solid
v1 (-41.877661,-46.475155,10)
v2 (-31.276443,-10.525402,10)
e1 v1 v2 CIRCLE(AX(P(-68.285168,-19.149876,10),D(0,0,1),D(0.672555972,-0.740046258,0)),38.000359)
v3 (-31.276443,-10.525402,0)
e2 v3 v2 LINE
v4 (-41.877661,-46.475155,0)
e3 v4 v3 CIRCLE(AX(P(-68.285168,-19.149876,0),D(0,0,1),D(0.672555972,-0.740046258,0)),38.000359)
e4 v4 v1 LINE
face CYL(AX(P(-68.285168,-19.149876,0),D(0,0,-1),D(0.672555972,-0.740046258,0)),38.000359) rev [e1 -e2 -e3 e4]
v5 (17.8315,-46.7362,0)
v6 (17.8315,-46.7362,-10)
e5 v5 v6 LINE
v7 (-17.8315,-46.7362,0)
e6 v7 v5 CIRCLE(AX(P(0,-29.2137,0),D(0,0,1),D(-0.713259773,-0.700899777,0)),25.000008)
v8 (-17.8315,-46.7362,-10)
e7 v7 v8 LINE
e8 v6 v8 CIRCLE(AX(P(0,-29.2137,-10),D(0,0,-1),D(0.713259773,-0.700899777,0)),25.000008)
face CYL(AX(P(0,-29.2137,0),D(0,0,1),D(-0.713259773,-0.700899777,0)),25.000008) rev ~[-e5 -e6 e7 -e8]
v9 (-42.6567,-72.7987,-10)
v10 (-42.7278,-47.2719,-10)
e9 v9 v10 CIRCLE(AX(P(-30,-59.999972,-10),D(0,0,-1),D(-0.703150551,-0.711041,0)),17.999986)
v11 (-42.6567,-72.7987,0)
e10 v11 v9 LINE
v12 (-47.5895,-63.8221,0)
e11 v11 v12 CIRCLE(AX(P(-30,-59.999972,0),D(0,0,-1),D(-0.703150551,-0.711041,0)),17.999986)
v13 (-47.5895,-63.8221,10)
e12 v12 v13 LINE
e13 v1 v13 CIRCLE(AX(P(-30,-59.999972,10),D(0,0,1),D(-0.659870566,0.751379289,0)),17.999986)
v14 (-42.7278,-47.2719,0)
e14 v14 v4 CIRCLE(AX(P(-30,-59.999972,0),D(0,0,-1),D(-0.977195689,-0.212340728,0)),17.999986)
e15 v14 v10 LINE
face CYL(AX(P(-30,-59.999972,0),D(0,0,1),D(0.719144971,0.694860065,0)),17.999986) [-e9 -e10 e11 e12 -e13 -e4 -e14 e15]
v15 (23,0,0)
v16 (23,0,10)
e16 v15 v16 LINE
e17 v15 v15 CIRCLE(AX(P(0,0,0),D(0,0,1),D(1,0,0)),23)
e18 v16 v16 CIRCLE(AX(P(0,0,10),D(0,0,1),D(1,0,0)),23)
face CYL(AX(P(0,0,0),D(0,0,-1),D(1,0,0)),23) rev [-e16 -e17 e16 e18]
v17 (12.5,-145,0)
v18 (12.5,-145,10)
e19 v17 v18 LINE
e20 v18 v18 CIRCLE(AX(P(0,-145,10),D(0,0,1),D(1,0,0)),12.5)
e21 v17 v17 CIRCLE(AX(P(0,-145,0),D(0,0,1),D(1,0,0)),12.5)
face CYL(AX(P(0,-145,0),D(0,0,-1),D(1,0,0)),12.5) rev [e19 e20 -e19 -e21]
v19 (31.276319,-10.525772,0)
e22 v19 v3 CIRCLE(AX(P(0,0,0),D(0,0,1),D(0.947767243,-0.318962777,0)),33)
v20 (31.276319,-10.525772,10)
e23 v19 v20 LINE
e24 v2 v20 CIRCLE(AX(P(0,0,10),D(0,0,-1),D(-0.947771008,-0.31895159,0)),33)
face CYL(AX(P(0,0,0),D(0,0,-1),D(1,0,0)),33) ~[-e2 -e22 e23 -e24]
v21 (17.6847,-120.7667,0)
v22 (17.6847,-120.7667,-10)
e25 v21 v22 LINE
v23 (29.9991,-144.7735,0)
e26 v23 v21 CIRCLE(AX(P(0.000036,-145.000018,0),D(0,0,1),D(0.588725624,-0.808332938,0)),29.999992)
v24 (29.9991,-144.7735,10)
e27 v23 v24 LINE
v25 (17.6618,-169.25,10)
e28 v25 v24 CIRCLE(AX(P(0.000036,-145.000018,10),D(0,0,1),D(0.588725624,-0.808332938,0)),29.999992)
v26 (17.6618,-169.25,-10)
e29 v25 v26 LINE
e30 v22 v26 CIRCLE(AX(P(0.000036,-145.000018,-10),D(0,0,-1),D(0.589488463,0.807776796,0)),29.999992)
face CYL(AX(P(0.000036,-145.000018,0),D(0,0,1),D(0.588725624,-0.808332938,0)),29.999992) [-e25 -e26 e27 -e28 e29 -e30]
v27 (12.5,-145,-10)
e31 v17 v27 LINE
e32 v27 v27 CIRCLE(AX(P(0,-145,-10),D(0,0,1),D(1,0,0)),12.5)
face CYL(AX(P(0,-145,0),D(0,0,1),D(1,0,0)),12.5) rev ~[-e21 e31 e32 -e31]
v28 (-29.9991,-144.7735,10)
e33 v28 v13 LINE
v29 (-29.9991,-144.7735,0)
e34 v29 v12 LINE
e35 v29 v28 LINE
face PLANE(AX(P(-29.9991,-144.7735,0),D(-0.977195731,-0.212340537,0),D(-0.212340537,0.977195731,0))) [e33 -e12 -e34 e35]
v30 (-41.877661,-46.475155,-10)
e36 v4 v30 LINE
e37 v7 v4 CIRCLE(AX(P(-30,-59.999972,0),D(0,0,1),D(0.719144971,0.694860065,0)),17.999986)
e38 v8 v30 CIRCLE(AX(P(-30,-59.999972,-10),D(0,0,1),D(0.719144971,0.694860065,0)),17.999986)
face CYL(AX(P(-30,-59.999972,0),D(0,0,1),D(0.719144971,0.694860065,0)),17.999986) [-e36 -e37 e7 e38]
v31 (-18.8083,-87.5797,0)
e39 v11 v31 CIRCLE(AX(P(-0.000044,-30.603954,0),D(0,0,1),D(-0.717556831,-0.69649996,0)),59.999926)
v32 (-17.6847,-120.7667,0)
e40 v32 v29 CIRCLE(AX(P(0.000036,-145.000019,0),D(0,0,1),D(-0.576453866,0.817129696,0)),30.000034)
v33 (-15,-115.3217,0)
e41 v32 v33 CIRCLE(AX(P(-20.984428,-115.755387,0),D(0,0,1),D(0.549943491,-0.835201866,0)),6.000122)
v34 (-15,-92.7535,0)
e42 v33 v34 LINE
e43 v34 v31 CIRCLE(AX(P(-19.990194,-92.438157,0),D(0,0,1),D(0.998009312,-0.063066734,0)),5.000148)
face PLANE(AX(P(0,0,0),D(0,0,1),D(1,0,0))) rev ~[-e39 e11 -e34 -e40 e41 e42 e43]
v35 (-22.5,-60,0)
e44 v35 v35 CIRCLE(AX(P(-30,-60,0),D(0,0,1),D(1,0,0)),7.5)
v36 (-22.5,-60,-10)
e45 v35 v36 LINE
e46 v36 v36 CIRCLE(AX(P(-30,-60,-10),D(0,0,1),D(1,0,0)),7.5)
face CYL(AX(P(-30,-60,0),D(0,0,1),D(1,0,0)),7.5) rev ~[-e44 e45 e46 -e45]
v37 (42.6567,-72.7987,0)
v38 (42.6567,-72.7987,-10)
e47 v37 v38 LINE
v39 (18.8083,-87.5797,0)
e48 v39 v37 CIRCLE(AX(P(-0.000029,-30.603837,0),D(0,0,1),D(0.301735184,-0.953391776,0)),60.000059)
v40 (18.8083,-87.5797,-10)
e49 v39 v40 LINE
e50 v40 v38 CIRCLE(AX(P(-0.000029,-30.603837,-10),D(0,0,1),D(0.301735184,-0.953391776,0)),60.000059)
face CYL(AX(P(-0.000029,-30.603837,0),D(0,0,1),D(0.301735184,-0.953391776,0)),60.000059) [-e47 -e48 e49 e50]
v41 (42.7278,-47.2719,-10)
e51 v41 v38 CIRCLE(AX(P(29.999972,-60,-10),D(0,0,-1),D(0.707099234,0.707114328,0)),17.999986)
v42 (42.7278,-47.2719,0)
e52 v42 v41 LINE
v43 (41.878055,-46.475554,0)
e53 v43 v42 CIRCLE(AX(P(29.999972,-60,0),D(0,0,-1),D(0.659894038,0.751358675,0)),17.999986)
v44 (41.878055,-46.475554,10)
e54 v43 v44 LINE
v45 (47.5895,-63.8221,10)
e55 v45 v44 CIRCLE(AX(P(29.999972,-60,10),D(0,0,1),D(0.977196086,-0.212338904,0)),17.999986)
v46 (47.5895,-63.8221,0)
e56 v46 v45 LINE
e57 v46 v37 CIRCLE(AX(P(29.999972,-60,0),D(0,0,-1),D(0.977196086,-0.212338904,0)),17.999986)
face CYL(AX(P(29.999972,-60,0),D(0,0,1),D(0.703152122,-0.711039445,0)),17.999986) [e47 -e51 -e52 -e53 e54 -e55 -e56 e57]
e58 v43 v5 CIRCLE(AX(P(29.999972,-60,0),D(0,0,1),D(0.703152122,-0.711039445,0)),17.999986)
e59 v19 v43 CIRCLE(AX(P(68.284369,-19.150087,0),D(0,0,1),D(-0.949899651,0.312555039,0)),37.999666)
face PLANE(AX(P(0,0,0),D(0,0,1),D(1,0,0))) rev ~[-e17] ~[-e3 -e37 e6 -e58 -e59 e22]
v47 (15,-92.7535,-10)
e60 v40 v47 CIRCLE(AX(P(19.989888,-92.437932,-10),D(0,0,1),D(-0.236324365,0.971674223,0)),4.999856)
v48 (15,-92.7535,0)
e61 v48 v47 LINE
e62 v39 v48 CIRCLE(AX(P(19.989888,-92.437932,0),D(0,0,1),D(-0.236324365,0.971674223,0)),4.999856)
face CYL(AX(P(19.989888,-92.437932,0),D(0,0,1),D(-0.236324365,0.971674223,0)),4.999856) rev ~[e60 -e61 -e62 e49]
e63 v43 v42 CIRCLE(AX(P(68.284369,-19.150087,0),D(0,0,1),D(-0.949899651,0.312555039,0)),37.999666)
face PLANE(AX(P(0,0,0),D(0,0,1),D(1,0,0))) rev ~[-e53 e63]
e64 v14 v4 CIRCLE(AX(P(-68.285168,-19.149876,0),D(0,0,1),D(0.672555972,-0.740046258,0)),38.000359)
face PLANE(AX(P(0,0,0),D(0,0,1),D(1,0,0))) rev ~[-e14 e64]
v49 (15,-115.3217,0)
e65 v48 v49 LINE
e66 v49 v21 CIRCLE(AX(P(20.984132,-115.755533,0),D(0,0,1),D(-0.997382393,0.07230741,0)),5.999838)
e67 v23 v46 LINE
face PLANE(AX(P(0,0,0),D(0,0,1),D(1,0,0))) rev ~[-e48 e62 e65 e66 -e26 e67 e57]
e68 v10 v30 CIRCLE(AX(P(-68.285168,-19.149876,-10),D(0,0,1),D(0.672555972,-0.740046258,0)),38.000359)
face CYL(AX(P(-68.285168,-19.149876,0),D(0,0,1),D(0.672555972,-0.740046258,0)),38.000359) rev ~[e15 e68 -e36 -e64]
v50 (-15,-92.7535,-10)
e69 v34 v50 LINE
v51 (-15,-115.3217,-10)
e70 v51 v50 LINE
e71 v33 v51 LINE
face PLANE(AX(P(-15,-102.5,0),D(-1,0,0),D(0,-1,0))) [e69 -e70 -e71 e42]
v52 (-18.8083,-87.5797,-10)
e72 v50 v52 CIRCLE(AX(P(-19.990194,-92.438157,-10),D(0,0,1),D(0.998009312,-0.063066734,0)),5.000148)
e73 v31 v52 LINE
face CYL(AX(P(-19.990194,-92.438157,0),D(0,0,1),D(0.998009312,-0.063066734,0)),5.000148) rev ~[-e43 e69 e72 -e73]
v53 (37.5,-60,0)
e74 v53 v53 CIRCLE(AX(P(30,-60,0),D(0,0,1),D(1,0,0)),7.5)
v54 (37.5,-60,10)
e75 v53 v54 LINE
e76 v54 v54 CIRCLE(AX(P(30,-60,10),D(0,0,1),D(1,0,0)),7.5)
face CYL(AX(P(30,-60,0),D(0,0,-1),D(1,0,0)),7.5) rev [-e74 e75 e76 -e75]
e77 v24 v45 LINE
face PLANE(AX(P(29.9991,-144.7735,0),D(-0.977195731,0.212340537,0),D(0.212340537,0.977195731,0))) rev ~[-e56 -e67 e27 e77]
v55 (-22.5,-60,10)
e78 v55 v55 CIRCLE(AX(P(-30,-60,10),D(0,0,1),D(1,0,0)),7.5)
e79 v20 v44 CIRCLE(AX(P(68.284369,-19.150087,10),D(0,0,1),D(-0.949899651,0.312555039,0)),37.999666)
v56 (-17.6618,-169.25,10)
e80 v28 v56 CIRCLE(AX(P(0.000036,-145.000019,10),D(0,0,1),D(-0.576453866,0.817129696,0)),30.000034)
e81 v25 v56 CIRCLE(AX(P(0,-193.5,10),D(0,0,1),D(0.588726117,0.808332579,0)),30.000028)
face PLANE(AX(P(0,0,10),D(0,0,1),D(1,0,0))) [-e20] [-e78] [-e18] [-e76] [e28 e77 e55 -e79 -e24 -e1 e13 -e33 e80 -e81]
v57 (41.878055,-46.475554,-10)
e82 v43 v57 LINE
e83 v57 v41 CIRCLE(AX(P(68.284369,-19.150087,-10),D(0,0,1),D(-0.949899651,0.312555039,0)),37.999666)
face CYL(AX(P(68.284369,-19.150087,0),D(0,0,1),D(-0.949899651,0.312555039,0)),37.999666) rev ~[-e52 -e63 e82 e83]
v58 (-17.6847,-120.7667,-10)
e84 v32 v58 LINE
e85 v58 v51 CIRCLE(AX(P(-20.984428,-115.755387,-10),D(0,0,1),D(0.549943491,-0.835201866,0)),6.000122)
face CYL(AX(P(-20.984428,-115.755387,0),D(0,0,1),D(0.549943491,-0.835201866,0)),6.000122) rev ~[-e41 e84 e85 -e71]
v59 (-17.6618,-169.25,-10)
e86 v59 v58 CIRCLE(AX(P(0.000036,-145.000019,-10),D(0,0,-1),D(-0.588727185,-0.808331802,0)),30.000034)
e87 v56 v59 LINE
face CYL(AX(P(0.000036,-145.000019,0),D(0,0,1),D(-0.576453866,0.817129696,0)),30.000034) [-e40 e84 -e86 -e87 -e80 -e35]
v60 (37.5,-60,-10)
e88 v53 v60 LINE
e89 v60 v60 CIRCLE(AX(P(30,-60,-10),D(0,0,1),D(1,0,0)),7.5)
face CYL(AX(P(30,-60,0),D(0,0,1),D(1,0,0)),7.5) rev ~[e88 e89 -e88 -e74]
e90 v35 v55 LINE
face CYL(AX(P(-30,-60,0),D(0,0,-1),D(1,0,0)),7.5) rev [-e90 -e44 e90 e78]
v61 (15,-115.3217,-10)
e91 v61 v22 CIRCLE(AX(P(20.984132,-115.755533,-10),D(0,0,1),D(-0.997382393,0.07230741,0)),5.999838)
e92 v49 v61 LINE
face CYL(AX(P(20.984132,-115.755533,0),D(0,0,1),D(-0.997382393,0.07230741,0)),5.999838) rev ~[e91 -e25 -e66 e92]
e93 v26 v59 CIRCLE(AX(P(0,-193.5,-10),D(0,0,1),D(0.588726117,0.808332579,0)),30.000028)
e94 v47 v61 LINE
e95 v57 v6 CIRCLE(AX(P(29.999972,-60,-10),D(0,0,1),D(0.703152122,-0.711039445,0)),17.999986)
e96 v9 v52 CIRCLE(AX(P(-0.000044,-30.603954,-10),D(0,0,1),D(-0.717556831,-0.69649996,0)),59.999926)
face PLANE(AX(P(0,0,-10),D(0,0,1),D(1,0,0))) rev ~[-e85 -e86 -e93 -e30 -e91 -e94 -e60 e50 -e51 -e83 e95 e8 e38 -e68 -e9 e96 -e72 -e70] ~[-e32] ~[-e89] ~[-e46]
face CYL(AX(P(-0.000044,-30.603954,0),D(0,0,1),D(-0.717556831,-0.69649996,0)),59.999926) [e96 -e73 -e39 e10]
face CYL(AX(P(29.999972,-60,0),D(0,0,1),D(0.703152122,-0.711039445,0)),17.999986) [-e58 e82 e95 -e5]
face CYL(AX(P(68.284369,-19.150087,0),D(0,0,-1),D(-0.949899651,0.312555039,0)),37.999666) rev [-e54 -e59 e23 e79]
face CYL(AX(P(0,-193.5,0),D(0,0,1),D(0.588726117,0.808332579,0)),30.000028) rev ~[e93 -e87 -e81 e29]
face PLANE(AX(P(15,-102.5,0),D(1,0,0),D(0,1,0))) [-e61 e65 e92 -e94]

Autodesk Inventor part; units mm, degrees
ref_plane "YZ Plane" through (0, 0, 0) normal (1, 0, 0) x (0, 1, 0)
ref_plane "XZ Plane" through (0, 0, 0) normal (0, 1, 0) x (-1, 0, 0)
ref_plane "XY Plane" through (0, 0, 0) normal (0, 0, 1) x (1, 0, 0)
sketch "Эскиз1" plane through (0, 0, 0) normal (0, 0, 1) x (1, 0, 0)
  circle A0 centre (0, 0) radius 33
  circle A1 centre (-30, -60) radius 7.5
  circle A2 centre (30, -60) radius 7.5
  arc A3 (42.6567, -72.7987) -> (17.0554, -47.4925) centre (30, -60) ccw
  arc A4 (-17.0554, -47.4925) -> (-42.6567, -72.7987) centre (-30, -60) ccw
  circle A5 centre (0, -145) radius 12.5
  arc A6 (32.1885, -7.2731) -> (42.7278, -47.2719) centre (68.2848, -19.1501) ccw
  arc A7 (-17.8315, -46.7362) -> (17.8315, -46.7362) centre (0, -29.2137) ccw
  arc A8 (-42.7278, -47.2719) -> (-32.1885, -7.2731) centre (-68.2848, -19.1501) ccw
  line L0 (-15, -102.5) -> (-15, -116.1893)
  line L1 (15, -102.5) -> (15, -116.1893)
  line L2 (-15, -102.5) -> (-15, -92.1226)
  line L3 (15, -102.5) -> (15, -92.1226)
  arc A9 (-15, -92.7535) -> (-18.8083, -87.5797) centre (-19.99, -92.4381) ccw
  arc A10 (-43.0534, -72.3939) -> (-18.1041, -87.8074) centre (0, -30.6039) ccw
  arc A11 (18.1041, -87.8074) -> (43.0534, -72.3939) centre (0, -30.6039) ccw
  arc A12 (-17.6847, -120.7667) -> (-15, -115.3217) centre (-20.9843, -115.7555) ccw
  arc A13 (18.8083, -87.5797) -> (15, -92.7535) centre (19.99, -92.4381) ccw
  arc A14 (15, -115.3217) -> (17.6847, -120.7667) centre (20.9843, -115.7555) ccw
  arc A15 (17.6618, -169.25) -> (-17.6618, -169.25) centre (0, -193.5) ccw
  arc A16 (-17.2936, -120.4861) -> (-17.6618, -169.25) centre (0, -145) ccw
  arc A17 (17.6618, -169.25) -> (17.2936, -120.4861) centre (0, -145) ccw
  line L4 (29.9991, -144.7735) -> (47.5895, -63.8221)
  line L5 (-29.9991, -144.7735) -> (-47.5895, -63.8221)
  circle A18 centre (0, 0) radius 23
  point P0 (41.8771, -46.4746)
  point P1 (31.2765, -10.5253)
  point P2 (-31.2765, -10.5253)
  point P3 (-41.8771, -46.4746)
  point P4 (15, -92.7535)
  dimension "d1" = 66
  dimension "d5" = 15
  dimension "d6" = 15
  dimension "d7" = 36
  dimension "d8" = 36
  dimension "d10" = 25
  dimension "d13" = 76
  dimension "d17" = 30
  dimension "d18" = 10
  dimension "d19" = 12
  dimension "d22" = 60
  dimension "d30" = 46
sketch "Эскиз2" plane through (0, 0, 0) normal (0, 0, 1) x (1, 0, 0)
  point P0 (0, 0)
extrude "Выдавливание1" add sketch "Эскиз1" along normal blind 10 contours A0 A6 A8 | A8 A0 | A0 A6 | A0 A6 A3 A7 A4 A8 | A8 A4 | A4 A7 A3 A6 A11 A13 L3 L1 A14 A17 A15 A16 A12 L0 L2 A9 A10 A8 | A3 A6 | A4 A7 | A7 A3 | A4 A10 A9 L2 L0 A12 A16 L5 | L4 A17 A14 L1 L3 A13 A11 A3 | A16 A12 | A14 A17 | A9 A10 | A11 A13 | L0 A12 | A14 L1 | A9 L2 | L3 A13 | A1 | A2 | A5 | A18
extrude "Выдавливание2" add sketch "Эскиз1" against normal blind 10 contours A4 A7 A3 A6 A11 A13 L3 L1 A14 A17 A15 A16 A12 L0 L2 A9 A10 A8
extrude "Выдавливание3" cut sketch "Эскиз1" along normal blind 10 contours A5
extrude "Выдавливание4" cut sketch "Эскиз1" along normal blind 10 contours A2
extrude "Выдавливание5" cut sketch "Эскиз1" along normal blind 10 contours A1
extrude "Выдавливание6" cut sketch "Эскиз1" along normal blind 10 contours A18
properties material "Сталь, гальванизированная"
